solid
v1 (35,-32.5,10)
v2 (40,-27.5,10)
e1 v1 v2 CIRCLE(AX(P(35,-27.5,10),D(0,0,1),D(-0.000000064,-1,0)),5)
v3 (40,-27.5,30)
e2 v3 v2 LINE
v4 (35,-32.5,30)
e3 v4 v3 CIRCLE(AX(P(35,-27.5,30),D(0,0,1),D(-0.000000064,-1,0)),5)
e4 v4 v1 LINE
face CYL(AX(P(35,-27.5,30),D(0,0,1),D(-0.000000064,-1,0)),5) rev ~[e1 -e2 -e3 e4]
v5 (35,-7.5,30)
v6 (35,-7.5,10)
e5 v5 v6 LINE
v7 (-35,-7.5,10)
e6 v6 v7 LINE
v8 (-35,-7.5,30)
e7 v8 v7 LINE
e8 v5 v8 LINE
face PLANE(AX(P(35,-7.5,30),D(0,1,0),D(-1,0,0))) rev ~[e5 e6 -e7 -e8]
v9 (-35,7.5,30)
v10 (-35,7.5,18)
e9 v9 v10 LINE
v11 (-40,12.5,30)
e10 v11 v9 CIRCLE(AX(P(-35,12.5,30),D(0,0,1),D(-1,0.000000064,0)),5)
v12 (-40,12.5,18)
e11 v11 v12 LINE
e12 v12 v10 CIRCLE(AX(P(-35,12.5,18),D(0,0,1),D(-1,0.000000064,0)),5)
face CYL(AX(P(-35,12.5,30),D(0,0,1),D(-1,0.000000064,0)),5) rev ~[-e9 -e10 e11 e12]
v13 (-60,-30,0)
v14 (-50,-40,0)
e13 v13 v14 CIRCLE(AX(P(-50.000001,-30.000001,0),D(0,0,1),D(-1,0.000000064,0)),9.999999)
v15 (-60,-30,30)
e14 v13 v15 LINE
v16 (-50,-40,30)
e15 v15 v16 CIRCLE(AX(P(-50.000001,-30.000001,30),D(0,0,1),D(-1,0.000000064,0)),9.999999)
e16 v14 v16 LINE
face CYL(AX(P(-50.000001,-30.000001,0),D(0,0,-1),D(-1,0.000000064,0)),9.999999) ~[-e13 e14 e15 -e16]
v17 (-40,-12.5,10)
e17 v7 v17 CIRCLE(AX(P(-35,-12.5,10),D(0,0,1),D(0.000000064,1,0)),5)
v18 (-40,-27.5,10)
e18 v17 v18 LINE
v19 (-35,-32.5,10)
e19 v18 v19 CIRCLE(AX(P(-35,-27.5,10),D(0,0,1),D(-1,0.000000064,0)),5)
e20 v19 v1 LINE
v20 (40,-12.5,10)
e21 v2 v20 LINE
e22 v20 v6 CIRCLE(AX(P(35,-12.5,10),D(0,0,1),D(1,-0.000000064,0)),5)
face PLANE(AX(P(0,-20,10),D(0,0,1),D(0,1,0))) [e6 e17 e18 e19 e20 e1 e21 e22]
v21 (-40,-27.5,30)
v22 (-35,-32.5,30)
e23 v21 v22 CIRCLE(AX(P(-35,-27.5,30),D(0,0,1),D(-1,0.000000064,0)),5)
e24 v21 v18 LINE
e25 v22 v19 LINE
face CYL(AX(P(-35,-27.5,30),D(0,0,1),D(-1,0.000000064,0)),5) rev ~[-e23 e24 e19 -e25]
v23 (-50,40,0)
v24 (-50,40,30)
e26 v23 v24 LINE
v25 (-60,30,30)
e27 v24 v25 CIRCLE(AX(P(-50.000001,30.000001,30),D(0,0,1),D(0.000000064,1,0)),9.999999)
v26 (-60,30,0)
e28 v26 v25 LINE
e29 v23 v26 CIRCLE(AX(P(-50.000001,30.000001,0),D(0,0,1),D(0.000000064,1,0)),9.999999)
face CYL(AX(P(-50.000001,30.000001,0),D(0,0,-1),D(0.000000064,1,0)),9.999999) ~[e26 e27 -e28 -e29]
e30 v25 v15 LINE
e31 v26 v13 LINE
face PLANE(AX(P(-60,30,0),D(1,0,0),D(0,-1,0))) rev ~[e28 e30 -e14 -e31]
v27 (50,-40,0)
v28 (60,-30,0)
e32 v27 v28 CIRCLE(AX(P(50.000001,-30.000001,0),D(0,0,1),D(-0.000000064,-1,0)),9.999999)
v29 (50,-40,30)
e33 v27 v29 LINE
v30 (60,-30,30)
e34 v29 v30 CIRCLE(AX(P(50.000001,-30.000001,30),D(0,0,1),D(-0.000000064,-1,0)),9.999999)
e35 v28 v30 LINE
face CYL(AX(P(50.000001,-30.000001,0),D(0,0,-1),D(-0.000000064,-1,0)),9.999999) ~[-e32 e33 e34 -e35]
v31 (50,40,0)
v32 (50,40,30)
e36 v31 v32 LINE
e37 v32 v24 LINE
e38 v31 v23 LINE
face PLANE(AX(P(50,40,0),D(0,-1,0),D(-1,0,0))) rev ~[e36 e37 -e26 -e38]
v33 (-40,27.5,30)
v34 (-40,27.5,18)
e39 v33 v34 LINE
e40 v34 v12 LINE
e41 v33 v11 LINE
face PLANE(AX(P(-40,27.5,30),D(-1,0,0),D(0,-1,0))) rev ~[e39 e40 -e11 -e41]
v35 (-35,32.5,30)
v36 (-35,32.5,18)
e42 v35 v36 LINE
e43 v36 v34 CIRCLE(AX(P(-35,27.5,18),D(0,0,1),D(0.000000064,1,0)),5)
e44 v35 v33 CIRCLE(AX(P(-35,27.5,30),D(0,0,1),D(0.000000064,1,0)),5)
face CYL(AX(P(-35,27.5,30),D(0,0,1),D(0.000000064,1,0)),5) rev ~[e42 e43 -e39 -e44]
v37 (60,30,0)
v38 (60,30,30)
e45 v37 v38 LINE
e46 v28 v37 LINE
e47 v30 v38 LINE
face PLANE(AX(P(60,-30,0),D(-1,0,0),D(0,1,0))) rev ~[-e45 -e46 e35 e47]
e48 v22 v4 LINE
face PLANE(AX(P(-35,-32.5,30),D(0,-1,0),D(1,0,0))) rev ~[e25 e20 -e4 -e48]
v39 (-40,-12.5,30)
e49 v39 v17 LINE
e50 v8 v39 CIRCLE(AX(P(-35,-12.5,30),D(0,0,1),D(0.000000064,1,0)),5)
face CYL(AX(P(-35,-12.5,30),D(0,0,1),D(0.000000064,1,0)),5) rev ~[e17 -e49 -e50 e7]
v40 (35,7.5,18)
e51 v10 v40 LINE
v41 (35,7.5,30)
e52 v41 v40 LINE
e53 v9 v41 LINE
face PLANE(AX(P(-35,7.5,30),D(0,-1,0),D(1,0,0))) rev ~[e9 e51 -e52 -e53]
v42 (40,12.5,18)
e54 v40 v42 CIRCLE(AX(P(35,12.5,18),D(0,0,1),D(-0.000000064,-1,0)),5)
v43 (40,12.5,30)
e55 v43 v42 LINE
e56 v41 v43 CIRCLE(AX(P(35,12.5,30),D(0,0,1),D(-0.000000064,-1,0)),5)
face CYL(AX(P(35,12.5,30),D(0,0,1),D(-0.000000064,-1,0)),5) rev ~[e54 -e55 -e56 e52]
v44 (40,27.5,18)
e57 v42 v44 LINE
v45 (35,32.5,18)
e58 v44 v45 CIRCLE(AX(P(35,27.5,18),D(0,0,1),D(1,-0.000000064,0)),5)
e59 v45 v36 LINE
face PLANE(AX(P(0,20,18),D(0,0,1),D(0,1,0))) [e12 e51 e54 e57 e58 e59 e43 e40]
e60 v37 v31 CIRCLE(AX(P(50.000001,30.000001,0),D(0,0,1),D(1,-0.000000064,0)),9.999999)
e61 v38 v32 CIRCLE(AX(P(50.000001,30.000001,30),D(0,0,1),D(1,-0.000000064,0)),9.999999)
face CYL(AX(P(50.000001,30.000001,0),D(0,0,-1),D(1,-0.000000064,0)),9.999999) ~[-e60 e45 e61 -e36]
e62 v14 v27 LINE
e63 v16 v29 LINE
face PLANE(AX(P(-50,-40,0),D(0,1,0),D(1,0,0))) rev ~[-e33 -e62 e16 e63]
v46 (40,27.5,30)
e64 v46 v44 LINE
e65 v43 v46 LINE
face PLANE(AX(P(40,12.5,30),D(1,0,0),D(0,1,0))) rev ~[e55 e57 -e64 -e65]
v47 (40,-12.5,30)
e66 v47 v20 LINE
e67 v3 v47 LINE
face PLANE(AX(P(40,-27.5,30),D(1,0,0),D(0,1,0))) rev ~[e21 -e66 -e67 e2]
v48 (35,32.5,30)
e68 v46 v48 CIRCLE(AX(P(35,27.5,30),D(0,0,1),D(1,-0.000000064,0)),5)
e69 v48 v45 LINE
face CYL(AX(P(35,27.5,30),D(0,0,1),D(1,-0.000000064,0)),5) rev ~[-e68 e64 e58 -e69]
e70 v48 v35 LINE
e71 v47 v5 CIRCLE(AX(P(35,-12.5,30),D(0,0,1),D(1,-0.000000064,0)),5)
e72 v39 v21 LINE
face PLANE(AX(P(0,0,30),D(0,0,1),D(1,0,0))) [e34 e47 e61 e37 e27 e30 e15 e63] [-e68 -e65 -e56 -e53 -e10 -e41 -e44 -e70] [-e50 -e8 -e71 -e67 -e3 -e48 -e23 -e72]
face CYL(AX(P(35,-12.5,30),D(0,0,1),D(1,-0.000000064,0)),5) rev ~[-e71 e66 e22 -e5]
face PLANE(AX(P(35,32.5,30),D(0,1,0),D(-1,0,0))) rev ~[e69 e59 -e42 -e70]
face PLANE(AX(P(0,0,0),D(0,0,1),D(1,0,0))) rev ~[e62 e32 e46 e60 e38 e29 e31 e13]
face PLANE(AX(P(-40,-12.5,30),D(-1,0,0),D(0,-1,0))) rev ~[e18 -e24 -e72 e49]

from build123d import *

# Parameters (mm, degrees)
PAD_DEPTH       = 30
POCKET_DEPTH    = 12
POCKET001_DEPTH = 20


with BuildPart() as part:
    # Sketch001 → Pad (new body)
    with BuildSketch(Plane.XY):
        with BuildLine():
            Line((-60, 30), (-60, -30))
            ThreePointArc((-60, -30), (-57.071068, -37.071068), (-50, -40))
            Line((-50, -40), (50, -40))
            ThreePointArc((50, -40), (57.071068, -37.071068), (60, -30))
            Line((60, -30), (60, 30))
            ThreePointArc((60, 30), (57.071068, 37.071068), (50, 40))
            Line((50, 40), (-50, 40))
            ThreePointArc((-50, 40), (-57.071068, 37.071068), (-60, 30))
        make_face()
    extrude(amount=PAD_DEPTH)

    # Binder → Pocket (cut)
    with BuildSketch(Plane(origin=(0, 20, 30), x_dir=(0, 1, 0), z_dir=(0, 0, 1))):
        with BuildLine():
            Line((7.5, 40), (-7.5, 40))
            ThreePointArc((-7.5, 40), (-11.035534, 38.535534), (-12.5, 35))
            Line((-12.5, 35), (-12.5, -35))
            ThreePointArc((-12.5, -35), (-11.035534, -38.535534), (-7.5, -40))
            Line((-7.5, -40), (7.5, -40))
            ThreePointArc((7.5, -40), (11.035534, -38.535534), (12.5, -35))
            Line((12.5, -35), (12.5, 35))
            ThreePointArc((12.5, 35), (11.035534, 38.535534), (7.5, 40))
        make_face()
    extrude(amount=-POCKET_DEPTH, mode=Mode.SUBTRACT)

    # Binder001 → Pocket001 (cut)
    with BuildSketch(Plane(origin=(0, -20, 30), x_dir=(0, 1, 0), z_dir=(0, 0, 1))):
        with BuildLine():
            Line((7.5, 40), (-7.5, 40))
            ThreePointArc((-7.5, 40), (-11.035534, 38.535534), (-12.5, 35))
            Line((-12.5, 35), (-12.5, -35))
            ThreePointArc((-12.5, -35), (-11.035534, -38.535534), (-7.5, -40))
            Line((-7.5, -40), (7.5, -40))
            ThreePointArc((7.5, -40), (11.035534, -38.535534), (12.5, -35))
            Line((12.5, -35), (12.5, 35))
            ThreePointArc((12.5, 35), (11.035534, 38.535534), (7.5, 40))
        make_face()
    extrude(amount=-POCKET001_DEPTH, mode=Mode.SUBTRACT)


solid = part.part
